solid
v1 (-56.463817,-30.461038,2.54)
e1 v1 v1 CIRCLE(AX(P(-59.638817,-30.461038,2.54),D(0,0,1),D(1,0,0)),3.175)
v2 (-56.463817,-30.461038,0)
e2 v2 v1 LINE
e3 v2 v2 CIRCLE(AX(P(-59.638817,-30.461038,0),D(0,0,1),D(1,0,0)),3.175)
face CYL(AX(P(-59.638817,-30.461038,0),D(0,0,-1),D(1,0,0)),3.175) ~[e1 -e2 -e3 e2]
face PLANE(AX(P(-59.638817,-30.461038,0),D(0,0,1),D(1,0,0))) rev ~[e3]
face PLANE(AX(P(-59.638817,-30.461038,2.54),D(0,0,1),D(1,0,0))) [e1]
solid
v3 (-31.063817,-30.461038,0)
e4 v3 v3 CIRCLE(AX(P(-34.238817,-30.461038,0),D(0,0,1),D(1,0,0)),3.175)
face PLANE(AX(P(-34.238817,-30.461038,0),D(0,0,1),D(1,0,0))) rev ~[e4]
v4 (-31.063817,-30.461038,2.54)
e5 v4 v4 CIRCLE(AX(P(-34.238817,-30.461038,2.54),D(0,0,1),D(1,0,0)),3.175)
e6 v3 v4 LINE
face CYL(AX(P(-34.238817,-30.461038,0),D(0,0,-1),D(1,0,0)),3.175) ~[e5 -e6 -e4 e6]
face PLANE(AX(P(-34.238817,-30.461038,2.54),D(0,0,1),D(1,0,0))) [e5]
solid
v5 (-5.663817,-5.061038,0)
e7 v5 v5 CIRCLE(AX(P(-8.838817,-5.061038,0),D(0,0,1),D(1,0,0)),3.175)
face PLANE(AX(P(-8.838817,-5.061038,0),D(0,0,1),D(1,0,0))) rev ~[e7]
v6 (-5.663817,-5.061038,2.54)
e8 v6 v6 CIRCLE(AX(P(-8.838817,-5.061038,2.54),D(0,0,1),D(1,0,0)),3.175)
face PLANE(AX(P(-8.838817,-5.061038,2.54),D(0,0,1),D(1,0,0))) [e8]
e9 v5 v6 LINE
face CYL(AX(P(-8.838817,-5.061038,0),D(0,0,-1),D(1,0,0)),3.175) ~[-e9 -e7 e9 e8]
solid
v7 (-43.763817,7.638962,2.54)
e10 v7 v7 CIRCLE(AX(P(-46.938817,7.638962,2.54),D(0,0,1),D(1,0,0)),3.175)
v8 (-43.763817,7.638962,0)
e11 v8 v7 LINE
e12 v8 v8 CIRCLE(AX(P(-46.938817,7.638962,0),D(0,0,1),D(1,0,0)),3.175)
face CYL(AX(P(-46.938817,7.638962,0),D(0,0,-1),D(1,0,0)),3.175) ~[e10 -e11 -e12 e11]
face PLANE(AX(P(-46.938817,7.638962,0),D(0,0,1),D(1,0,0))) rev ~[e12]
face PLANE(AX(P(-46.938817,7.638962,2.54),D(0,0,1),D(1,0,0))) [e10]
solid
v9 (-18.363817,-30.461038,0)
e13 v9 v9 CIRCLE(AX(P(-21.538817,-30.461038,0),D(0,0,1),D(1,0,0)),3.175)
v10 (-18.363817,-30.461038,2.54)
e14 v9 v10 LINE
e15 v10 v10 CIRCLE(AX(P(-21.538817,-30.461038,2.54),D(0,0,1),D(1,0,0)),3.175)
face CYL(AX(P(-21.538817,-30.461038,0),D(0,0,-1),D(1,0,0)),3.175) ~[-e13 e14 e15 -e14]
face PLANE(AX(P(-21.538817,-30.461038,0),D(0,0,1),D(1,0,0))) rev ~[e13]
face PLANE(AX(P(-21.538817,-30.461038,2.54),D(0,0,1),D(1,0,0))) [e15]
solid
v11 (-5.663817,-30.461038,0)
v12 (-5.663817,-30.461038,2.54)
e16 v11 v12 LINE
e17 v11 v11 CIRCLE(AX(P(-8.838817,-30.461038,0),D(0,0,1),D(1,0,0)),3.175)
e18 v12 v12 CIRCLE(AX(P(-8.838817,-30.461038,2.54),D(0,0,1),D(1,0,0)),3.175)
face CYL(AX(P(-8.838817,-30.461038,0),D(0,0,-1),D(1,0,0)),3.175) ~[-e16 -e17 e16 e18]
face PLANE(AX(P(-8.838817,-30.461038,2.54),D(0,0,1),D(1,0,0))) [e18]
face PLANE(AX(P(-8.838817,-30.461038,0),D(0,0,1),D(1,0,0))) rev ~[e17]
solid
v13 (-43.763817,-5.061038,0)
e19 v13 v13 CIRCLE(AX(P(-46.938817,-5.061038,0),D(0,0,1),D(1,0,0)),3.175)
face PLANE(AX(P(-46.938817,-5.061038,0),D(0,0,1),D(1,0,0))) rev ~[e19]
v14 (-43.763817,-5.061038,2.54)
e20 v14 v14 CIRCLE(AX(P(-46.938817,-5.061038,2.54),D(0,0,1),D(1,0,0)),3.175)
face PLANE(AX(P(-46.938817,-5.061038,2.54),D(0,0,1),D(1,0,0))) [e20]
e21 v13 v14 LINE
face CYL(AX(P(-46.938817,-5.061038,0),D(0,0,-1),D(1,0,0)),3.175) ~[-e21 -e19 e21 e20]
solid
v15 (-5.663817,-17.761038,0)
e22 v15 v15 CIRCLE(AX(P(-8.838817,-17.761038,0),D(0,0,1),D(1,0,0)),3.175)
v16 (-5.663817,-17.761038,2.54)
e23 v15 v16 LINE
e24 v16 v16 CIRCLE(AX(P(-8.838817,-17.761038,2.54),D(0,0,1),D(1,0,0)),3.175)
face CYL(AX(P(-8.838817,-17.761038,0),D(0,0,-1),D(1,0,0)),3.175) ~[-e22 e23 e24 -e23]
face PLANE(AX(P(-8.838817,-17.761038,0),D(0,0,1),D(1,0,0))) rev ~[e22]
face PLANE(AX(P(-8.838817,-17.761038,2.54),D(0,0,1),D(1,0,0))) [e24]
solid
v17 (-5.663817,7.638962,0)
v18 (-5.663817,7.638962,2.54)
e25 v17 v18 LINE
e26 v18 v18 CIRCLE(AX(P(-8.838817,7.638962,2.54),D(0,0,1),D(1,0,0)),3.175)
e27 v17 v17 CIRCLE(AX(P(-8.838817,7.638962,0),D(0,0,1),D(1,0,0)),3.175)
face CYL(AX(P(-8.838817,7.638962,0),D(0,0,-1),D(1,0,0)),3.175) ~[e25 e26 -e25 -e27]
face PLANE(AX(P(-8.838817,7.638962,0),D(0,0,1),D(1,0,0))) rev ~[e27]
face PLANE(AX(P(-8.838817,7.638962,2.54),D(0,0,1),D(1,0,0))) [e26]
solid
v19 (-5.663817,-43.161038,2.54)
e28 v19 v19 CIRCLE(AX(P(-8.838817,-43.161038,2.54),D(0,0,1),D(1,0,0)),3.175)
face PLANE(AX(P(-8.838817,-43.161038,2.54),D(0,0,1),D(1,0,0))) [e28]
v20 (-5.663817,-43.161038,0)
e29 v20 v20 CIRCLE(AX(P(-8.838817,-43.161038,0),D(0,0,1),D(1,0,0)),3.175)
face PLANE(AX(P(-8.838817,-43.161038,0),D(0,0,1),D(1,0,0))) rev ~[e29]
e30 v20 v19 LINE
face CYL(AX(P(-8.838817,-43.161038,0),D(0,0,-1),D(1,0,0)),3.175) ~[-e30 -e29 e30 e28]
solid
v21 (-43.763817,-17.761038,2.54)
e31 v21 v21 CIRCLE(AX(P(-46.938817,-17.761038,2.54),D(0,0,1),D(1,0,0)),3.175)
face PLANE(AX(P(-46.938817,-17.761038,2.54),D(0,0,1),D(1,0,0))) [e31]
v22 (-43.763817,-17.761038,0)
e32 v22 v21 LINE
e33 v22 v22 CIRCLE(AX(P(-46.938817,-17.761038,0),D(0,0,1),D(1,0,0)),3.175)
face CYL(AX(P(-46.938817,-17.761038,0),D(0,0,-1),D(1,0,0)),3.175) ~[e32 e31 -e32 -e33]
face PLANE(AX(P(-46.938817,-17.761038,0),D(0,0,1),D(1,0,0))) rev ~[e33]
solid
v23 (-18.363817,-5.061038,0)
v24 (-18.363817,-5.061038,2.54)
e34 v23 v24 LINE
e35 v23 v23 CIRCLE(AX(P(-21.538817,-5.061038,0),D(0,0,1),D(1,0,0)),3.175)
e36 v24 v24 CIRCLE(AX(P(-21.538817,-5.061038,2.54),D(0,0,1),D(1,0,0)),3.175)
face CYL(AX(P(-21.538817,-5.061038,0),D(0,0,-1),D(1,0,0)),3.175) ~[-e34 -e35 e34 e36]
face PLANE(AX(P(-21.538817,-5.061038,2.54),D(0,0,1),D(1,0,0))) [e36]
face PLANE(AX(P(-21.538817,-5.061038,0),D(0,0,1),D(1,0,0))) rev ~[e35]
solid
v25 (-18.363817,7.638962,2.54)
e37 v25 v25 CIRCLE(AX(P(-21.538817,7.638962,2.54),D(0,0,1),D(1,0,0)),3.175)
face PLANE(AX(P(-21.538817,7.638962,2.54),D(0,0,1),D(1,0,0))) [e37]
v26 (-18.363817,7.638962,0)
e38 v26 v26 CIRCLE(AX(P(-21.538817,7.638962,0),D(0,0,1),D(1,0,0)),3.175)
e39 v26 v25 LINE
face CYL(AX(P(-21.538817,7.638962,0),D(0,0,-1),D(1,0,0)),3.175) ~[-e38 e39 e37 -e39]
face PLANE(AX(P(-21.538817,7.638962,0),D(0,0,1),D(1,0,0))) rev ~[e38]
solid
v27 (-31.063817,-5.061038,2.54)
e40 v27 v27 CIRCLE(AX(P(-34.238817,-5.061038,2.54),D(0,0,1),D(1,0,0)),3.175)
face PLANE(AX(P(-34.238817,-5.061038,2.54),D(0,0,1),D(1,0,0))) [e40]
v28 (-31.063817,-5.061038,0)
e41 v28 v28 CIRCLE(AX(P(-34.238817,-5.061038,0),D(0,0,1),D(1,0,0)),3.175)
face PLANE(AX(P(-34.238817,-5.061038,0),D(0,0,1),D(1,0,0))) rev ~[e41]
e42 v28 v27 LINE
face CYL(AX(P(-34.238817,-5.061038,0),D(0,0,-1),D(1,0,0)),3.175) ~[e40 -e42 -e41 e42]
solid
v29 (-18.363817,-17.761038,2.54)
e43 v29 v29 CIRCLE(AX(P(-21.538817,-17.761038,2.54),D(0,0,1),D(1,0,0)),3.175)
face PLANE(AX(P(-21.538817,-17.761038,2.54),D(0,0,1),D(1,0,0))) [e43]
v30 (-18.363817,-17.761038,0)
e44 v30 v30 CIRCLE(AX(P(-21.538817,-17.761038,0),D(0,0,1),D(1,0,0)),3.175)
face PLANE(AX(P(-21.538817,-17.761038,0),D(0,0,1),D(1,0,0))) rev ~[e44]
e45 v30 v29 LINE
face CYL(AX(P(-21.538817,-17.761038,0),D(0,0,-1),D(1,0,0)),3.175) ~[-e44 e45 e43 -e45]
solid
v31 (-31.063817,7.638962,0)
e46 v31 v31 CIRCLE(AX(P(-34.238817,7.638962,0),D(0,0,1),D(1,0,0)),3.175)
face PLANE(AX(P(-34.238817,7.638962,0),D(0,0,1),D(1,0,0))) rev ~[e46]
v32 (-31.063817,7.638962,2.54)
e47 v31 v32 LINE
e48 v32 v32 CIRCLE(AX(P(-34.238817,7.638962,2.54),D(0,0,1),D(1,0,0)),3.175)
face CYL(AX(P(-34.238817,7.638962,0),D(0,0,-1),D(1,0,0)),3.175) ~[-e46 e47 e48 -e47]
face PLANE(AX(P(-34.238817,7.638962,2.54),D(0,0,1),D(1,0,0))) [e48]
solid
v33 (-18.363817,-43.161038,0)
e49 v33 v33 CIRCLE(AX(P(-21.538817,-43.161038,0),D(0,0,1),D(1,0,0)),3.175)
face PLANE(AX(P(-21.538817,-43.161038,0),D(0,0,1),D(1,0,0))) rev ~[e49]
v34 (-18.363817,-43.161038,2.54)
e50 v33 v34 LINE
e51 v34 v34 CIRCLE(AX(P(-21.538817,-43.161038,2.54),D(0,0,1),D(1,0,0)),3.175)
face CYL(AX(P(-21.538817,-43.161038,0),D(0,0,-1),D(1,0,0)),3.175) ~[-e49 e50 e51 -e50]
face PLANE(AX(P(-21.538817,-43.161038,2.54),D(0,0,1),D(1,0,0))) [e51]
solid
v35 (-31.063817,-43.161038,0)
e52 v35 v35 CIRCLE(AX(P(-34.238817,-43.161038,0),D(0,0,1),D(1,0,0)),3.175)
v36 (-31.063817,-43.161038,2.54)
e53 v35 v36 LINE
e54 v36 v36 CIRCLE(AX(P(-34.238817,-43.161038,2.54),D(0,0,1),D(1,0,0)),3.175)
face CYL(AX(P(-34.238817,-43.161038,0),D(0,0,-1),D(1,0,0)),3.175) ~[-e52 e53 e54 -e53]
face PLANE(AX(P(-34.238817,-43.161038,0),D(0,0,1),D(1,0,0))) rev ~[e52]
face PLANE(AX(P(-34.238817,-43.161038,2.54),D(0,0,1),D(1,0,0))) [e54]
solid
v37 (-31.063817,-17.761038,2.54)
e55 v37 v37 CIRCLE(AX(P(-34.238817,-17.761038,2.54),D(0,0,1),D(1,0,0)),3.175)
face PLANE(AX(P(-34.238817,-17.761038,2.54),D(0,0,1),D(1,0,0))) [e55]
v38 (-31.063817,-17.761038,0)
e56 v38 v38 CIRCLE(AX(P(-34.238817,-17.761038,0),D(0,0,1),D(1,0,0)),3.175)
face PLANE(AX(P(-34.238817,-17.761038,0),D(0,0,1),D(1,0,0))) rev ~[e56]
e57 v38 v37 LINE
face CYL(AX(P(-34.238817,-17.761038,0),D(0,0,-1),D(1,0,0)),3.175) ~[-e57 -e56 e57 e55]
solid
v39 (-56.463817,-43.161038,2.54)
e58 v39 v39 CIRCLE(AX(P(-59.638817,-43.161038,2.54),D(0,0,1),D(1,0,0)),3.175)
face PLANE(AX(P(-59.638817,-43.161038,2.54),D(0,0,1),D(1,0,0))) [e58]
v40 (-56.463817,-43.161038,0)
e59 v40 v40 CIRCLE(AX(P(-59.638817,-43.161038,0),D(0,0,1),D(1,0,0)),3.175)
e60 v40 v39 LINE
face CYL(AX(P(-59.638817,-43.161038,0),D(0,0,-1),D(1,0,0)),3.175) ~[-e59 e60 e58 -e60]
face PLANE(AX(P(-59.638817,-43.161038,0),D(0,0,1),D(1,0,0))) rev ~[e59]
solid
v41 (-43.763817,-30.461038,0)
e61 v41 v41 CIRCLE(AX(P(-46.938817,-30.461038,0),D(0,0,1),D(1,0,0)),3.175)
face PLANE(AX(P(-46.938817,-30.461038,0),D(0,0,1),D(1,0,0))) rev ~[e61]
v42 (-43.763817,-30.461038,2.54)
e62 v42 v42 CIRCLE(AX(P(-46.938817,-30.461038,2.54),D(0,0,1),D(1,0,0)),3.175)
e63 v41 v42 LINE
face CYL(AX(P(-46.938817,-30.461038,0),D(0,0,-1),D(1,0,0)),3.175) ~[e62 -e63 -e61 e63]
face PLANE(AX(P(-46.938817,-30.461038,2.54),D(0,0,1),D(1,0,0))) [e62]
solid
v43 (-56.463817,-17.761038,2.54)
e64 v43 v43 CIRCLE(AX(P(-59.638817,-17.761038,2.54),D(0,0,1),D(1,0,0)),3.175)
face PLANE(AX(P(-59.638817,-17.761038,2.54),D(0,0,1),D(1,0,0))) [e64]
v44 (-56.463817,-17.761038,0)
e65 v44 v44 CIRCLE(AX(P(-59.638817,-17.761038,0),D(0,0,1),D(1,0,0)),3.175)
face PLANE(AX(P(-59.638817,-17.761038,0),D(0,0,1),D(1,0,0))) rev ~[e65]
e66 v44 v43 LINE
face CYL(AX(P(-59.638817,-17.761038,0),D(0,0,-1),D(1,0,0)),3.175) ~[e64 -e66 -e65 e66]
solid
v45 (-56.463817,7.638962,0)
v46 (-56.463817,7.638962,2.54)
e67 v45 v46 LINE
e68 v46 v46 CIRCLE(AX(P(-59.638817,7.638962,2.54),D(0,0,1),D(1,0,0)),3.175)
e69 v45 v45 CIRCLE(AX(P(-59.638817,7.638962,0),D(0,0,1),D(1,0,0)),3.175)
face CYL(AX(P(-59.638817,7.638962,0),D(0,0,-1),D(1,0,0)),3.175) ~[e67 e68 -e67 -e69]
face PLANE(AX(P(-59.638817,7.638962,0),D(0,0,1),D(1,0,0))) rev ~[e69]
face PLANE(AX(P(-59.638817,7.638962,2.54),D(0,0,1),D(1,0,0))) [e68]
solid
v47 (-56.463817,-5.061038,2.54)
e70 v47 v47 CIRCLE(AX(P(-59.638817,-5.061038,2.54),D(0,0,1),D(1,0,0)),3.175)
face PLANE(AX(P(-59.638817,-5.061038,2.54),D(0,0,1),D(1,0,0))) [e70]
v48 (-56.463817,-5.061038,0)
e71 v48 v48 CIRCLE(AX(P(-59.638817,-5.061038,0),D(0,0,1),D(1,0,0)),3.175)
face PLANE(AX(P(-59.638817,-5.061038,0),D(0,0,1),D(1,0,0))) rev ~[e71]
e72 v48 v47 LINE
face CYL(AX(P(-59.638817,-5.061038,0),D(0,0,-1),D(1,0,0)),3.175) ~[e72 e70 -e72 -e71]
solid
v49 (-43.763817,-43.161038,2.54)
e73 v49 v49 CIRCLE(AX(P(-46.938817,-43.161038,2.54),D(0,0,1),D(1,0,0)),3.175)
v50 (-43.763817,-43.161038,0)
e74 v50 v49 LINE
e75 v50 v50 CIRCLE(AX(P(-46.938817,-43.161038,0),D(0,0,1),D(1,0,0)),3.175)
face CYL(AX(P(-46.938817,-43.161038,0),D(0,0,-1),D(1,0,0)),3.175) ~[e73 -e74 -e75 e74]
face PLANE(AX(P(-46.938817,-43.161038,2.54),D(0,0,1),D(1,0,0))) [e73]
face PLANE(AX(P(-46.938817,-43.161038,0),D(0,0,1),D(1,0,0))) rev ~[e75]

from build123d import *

# Parameters (mm, degrees)
F0_R     = 3.175
F1_DEPTH = 2.54


with BuildPart() as f1:
    # F0 (on Top) → F1 (new body)
    with BuildSketch(Plane.XY):
        with Locations((-59.638817, -43.161038)):
            Circle(F0_R)
        with Locations((-59.638817, -30.461038)):
            Circle(F0_R)
        with Locations((-59.638817, -17.761038)):
            Circle(F0_R)
        with Locations((-59.638817, -5.061038)):
            Circle(F0_R)
        with Locations((-59.638817, 7.638962)):
            Circle(F0_R)
        with Locations((-46.938817, -43.161038)):
            Circle(F0_R)
        with Locations((-46.938817, -30.461038)):
            Circle(F0_R)
        with Locations((-46.938817, -17.761038)):
            Circle(F0_R)
        with Locations((-46.938817, -5.061038)):
            Circle(F0_R)
        with Locations((-46.938817, 7.638962)):
            Circle(F0_R)
        with Locations((-34.238817, -43.161038)):
            Circle(F0_R)
        with Locations((-34.238817, -30.461038)):
            Circle(F0_R)
        with Locations((-34.238817, -17.761038)):
            Circle(F0_R)
        with Locations((-34.238817, -5.061038)):
            Circle(F0_R)
        with Locations((-34.238817, 7.638962)):
            Circle(F0_R)
        with Locations((-21.538817, -43.161038)):
            Circle(F0_R)
        with Locations((-21.538817, -30.461038)):
            Circle(F0_R)
        with Locations((-21.538817, -17.761038)):
            Circle(F0_R)
        with Locations((-21.538817, -5.061038)):
            Circle(F0_R)
        with Locations((-21.538817, 7.638962)):
            Circle(F0_R)
        with Locations((-8.838817, -43.161038)):
            Circle(F0_R)
        with Locations((-8.838817, -30.461038)):
            Circle(F0_R)
        with Locations((-8.838817, -17.761038)):
            Circle(F0_R)
        with Locations((-8.838817, -5.061038)):
            Circle(F0_R)
        with Locations((-8.838817, 7.638962)):
            Circle(F0_R)
    extrude(amount=F1_DEPTH)


solid = f1.part
